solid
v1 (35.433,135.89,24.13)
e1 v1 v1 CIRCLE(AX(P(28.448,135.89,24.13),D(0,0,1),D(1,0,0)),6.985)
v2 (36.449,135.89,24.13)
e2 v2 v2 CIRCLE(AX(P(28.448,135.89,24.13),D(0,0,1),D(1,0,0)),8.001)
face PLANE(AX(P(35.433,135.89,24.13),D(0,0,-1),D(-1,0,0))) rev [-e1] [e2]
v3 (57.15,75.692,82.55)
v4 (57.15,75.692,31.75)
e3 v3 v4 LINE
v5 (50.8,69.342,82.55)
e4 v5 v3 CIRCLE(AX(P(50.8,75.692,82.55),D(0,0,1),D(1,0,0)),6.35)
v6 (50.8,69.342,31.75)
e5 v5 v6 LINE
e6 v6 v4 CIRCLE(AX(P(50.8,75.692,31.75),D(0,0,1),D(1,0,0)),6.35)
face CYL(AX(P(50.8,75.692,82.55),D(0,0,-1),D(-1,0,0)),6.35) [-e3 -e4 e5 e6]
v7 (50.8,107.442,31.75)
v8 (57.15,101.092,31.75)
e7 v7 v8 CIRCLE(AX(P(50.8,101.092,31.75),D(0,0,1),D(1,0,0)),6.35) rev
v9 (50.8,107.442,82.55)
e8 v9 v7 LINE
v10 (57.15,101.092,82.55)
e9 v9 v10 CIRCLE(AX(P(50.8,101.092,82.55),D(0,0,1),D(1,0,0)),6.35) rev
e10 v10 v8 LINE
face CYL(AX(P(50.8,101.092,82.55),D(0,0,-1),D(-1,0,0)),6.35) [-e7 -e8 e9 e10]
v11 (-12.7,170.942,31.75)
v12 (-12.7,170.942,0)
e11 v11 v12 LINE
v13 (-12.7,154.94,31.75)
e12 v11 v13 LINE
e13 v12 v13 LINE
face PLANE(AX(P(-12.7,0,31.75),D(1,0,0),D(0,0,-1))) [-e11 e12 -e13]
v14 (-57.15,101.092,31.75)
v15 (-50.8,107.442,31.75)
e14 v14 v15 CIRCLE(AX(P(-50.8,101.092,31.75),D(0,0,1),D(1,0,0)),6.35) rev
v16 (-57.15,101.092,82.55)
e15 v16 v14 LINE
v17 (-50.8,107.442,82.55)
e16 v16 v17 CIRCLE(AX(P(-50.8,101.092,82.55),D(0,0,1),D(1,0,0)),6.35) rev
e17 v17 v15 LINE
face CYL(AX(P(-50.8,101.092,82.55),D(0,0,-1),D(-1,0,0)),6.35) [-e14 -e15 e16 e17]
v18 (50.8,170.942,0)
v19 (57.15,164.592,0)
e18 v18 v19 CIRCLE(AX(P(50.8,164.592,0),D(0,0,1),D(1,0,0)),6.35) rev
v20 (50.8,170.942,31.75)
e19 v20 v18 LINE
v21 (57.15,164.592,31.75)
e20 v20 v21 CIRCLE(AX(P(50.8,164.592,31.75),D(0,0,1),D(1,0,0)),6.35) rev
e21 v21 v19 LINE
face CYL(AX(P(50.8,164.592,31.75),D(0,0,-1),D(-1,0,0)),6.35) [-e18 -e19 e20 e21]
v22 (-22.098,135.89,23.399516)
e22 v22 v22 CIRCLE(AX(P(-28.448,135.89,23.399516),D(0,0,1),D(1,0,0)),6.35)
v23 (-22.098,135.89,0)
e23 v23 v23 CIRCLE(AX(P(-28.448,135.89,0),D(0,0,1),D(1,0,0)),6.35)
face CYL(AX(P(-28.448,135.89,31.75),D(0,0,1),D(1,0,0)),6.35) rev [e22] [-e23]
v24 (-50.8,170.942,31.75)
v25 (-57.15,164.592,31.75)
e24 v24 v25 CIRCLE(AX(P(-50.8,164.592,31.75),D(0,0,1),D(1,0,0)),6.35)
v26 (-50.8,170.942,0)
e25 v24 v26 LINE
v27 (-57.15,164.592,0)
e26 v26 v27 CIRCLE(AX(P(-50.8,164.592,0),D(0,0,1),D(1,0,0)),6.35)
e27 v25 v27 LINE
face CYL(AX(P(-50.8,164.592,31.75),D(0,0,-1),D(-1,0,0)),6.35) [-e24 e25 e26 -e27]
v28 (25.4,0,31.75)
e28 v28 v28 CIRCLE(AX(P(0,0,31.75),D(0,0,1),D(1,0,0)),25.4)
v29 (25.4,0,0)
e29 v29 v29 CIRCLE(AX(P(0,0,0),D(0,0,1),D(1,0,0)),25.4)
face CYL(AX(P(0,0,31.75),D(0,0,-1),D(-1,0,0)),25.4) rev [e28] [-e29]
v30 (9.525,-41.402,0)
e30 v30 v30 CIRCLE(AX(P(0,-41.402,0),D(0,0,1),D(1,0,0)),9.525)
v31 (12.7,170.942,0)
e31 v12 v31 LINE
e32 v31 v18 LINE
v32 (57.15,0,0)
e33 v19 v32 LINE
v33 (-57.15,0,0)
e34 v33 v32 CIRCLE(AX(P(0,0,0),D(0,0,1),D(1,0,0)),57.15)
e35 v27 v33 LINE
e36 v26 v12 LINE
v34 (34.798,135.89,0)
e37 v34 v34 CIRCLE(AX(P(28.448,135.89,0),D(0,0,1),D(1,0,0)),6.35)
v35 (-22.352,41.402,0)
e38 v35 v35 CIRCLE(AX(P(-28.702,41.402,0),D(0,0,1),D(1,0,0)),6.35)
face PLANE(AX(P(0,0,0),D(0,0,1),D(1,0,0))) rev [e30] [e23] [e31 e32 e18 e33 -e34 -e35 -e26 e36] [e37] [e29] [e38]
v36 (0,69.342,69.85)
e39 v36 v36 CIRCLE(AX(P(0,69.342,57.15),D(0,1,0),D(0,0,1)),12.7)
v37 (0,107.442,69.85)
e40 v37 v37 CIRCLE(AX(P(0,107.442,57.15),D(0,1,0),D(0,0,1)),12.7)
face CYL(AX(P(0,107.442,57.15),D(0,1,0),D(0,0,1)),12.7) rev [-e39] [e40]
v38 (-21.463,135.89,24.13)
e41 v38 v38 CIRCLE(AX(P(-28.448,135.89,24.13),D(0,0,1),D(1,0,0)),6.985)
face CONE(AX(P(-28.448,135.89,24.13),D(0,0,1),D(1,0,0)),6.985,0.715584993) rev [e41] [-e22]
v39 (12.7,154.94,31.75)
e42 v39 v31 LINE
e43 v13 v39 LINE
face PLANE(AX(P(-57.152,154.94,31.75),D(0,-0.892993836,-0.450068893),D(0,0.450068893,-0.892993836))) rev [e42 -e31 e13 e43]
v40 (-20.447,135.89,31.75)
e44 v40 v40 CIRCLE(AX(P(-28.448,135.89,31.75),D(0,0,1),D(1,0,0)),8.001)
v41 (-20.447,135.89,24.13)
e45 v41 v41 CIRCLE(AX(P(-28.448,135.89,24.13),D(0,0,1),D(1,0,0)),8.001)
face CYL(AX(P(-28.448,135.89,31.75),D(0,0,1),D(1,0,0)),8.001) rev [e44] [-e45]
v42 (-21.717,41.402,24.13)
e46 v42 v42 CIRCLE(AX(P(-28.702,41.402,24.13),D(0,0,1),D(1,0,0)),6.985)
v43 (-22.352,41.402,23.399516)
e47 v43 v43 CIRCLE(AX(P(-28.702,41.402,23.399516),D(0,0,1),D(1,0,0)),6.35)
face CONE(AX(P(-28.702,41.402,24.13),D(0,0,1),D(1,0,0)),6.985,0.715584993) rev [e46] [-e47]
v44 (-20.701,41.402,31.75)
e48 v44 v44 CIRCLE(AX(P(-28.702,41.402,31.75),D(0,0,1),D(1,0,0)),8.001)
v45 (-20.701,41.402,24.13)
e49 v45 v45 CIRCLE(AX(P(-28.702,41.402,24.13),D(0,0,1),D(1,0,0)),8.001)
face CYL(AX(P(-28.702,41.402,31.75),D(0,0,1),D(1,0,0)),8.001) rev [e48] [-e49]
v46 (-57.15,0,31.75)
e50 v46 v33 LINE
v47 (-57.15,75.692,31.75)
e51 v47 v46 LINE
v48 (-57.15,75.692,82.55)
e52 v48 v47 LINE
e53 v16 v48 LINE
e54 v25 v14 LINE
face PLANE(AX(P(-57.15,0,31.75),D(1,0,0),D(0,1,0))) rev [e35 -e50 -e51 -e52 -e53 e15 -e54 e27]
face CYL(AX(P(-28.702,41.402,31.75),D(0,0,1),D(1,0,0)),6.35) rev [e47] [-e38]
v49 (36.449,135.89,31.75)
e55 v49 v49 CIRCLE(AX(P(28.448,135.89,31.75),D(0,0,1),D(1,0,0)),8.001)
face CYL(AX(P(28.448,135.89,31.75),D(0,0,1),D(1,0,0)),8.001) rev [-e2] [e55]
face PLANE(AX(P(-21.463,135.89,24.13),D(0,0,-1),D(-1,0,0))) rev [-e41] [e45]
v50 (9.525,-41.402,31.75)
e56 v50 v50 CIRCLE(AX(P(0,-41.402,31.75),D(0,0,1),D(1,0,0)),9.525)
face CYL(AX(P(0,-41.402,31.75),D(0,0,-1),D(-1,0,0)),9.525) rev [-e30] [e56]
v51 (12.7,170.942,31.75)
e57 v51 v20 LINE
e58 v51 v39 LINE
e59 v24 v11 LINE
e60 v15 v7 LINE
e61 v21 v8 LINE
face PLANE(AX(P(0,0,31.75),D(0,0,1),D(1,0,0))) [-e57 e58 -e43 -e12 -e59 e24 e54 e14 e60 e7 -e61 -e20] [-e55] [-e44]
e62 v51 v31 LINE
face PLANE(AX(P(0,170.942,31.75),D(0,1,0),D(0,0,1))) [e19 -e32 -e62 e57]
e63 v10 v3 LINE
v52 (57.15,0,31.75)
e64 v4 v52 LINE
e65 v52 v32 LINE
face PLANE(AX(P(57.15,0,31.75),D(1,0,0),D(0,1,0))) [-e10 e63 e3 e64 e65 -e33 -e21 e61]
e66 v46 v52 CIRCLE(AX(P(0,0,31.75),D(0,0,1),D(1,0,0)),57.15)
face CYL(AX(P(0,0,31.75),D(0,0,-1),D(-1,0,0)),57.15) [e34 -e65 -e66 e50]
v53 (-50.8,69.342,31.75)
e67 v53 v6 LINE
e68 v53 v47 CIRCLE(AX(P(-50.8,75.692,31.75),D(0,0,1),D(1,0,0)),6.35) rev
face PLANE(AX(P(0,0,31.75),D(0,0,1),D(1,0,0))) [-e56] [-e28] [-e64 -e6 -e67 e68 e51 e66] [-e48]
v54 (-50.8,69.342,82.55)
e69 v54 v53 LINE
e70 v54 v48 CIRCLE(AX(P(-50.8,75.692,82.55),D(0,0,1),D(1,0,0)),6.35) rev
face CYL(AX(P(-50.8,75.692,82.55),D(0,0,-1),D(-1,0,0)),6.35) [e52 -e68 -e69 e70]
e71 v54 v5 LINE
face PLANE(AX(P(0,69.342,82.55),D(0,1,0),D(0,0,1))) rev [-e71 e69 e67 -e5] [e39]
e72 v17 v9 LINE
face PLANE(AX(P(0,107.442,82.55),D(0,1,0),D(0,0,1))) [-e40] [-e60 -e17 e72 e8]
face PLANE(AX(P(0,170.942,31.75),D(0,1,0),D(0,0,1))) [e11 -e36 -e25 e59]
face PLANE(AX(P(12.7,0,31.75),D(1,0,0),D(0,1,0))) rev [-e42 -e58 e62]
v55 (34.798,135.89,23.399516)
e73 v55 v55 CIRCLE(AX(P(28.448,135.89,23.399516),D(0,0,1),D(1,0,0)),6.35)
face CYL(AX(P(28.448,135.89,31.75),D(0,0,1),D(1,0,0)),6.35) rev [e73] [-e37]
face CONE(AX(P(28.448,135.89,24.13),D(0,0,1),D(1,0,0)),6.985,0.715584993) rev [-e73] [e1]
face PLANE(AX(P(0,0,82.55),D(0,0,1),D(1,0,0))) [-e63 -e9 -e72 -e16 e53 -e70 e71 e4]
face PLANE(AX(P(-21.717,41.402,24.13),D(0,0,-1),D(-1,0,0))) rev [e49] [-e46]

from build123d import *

# Parameters (mm, degrees)
SALIENTE_EXTRUIR1_DEPTH                     = 31.75
CROQUIS1_R                                  = 9.525
CROQUIS1_R_2                                = 25.4
SALIENTE_EXTRUIR1_2_DEPTH                   = 31.75
SALIENTE_EXTRUIR2_DEPTH                     = 82.55
SALIENTE_EXTRUIR3_REACH                     = 204.274
TALADRO1_D                                  = 25.4
REFRENTADO_PARA_TORNILLO_CON_CABEZA_2_COUNT = 2
REFRENTADO_PARA_TORNILLO_CON_CABEZA_2_PITCH = 56.896
REFRENTADO_PARA_TORNILLO_CON_CABEZA_3_COUNT = 2
REFRENTADO_PARA_TORNILLO_CON_CABEZA_3_PITCH = 110.426919924


with BuildPart() as part:
    # Croquis1 → Saliente-Extruir1 (new body)
    with BuildSketch(Plane.XY):
        with BuildLine():
            Line((50.8, 170.942), (12.7, 170.942))
            Line((12.7, 170.942), (12.7, 154.94))
            Line((12.7, 154.94), (-12.7, 154.94))
            Line((-12.7, 154.94), (-12.7, 170.942))
            Line((-12.7, 170.942), (-50.8, 170.942))
            ThreePointArc((-50.8, 170.942), (-55.290128061, 169.082128061), (-57.15, 164.592))
            Line((-57.15, 164.592), (-57.15, 101.092))
            ThreePointArc((-57.15, 101.092), (-55.290128061, 105.582128061), (-50.8, 107.442))
            Line((-50.8, 107.442), (50.8, 107.442))
            ThreePointArc((50.8, 107.442), (55.290128061, 105.582128061), (57.15, 101.092))
            Line((57.15, 101.092), (57.15, 164.592))
            ThreePointArc((57.15, 164.592), (55.290128061, 169.082128061), (50.8, 170.942))
        make_face()
    extrude(amount=SALIENTE_EXTRUIR1_DEPTH)



with BuildPart() as body_2:
    # Croquis1 → Saliente-Extruir1 2 (new body)
    with BuildSketch(Plane.XY):
        with BuildLine():
            Line((57.15, 0), (57.15, 75.692))
            ThreePointArc((57.15, 75.692), (55.290128061, 71.201871939), (50.8, 69.342))
            Line((50.8, 69.342), (-50.8, 69.342))
            ThreePointArc((-50.8, 69.342), (-55.290128061, 71.201871939), (-57.15, 75.692))
            Line((-57.15, 75.692), (-57.15, 0))
            ThreePointArc((-57.15, 0), (0, -57.15), (57.15, 0))
        make_face()
        with Locations((0, -41.402)):
            Circle(CROQUIS1_R, mode=Mode.SUBTRACT)
        Circle(CROQUIS1_R_2, mode=Mode.SUBTRACT)
    extrude(amount=SALIENTE_EXTRUIR1_2_DEPTH)


with BuildPart() as part_1:
    add(part.part)

    add(body_2.part)  # Saliente-Extruir2 merges body 2
    # Croquis1<3> → Saliente-Extruir2 (add)
    with BuildSketch(Plane.XY):
        with BuildLine():
            Line((57.15, 75.692), (57.15, 101.092))
            ThreePointArc((57.15, 101.092), (55.290128061, 105.582128061), (50.8, 107.442))
            Line((50.8, 107.442), (-50.8, 107.442))
            ThreePointArc((-50.8, 107.442), (-55.290128061, 105.582128061), (-57.15, 101.092))
            Line((-57.15, 101.092), (-57.15, 75.692))
            ThreePointArc((-57.15, 75.692), (-55.290128061, 71.201871939), (-50.8, 69.342))
            Line((-50.8, 69.342), (50.8, 69.342))
            ThreePointArc((50.8, 69.342), (55.290128061, 71.201871939), (57.15, 75.692))
        make_face()
    extrude(amount=SALIENTE_EXTRUIR2_DEPTH)

    # Croquis4 → Saliente-Extruir3 (add, up to next)
    with BuildSketch(Plane.ZY.offset(-12.7), mode=Mode.PRIVATE) as saliente_extruir3_sk1:
        Polygon((31.75, 154.94), (0, 170.942), (0, 154.94), align=None)
    saliente_extruir3_tool1 = extrude(saliente_extruir3_sk1.sketch, amount=SALIENTE_EXTRUIR3_REACH, mode=Mode.PRIVATE) - part_1.part
    add(saliente_extruir3_tool1.solids().sort_by_distance((12.7, 160.274, 10.583333))[0])

    # Taladro1 (through all)
    with Locations(Plane(origin=(0, 107.442, 0), x_dir=(1, 0, 0), z_dir=(0, 1, 0))):
        with Locations((0, -57.15)):
            Hole(TALADRO1_D / 2)

    # Croquis10 → Refrentado para tornillo con cabeza troncocónica de #01 (revolve, cut)
    with BuildSketch(Plane(origin=(28.448, 135.89, 31.75), x_dir=(0, -1, 0), z_dir=(1, 0, 0))):
        Polygon((0, 0), (0, 31.75), (6.35, 31.75), (6.35, 8.350483939), (6.985, 7.62), (8.001, 7.62), (8.001, 0), align=None)
    refrentado_para_tornillo_con_cabeza_tron = revolve(axis=Axis((28.448, 135.89, 38.1), (0, 0, -1)), mode=Mode.SUBTRACT)

    # Refrentado para tornillo con cabeza  2: Refrentado para tornillo con cabeza troncocónica de #01 ×2
    with Locations(*[(-i * REFRENTADO_PARA_TORNILLO_CON_CABEZA_2_PITCH, 0, 0) for i in range(1, REFRENTADO_PARA_TORNILLO_CON_CABEZA_2_COUNT)]):
        add(refrentado_para_tornillo_con_cabeza_tron, mode=Mode.SUBTRACT)

    # Refrentado para tornillo con cabeza  3: Refrentado para tornillo con cabeza troncocónica de #01 ×2
    with Locations(*[Vector(-0.5175368473475671, -0.8556609209479776, 0) * (i * REFRENTADO_PARA_TORNILLO_CON_CABEZA_3_PITCH) for i in range(1, REFRENTADO_PARA_TORNILLO_CON_CABEZA_3_COUNT)]):
        add(refrentado_para_tornillo_con_cabeza_tron, mode=Mode.SUBTRACT)


solid = part_1.part
